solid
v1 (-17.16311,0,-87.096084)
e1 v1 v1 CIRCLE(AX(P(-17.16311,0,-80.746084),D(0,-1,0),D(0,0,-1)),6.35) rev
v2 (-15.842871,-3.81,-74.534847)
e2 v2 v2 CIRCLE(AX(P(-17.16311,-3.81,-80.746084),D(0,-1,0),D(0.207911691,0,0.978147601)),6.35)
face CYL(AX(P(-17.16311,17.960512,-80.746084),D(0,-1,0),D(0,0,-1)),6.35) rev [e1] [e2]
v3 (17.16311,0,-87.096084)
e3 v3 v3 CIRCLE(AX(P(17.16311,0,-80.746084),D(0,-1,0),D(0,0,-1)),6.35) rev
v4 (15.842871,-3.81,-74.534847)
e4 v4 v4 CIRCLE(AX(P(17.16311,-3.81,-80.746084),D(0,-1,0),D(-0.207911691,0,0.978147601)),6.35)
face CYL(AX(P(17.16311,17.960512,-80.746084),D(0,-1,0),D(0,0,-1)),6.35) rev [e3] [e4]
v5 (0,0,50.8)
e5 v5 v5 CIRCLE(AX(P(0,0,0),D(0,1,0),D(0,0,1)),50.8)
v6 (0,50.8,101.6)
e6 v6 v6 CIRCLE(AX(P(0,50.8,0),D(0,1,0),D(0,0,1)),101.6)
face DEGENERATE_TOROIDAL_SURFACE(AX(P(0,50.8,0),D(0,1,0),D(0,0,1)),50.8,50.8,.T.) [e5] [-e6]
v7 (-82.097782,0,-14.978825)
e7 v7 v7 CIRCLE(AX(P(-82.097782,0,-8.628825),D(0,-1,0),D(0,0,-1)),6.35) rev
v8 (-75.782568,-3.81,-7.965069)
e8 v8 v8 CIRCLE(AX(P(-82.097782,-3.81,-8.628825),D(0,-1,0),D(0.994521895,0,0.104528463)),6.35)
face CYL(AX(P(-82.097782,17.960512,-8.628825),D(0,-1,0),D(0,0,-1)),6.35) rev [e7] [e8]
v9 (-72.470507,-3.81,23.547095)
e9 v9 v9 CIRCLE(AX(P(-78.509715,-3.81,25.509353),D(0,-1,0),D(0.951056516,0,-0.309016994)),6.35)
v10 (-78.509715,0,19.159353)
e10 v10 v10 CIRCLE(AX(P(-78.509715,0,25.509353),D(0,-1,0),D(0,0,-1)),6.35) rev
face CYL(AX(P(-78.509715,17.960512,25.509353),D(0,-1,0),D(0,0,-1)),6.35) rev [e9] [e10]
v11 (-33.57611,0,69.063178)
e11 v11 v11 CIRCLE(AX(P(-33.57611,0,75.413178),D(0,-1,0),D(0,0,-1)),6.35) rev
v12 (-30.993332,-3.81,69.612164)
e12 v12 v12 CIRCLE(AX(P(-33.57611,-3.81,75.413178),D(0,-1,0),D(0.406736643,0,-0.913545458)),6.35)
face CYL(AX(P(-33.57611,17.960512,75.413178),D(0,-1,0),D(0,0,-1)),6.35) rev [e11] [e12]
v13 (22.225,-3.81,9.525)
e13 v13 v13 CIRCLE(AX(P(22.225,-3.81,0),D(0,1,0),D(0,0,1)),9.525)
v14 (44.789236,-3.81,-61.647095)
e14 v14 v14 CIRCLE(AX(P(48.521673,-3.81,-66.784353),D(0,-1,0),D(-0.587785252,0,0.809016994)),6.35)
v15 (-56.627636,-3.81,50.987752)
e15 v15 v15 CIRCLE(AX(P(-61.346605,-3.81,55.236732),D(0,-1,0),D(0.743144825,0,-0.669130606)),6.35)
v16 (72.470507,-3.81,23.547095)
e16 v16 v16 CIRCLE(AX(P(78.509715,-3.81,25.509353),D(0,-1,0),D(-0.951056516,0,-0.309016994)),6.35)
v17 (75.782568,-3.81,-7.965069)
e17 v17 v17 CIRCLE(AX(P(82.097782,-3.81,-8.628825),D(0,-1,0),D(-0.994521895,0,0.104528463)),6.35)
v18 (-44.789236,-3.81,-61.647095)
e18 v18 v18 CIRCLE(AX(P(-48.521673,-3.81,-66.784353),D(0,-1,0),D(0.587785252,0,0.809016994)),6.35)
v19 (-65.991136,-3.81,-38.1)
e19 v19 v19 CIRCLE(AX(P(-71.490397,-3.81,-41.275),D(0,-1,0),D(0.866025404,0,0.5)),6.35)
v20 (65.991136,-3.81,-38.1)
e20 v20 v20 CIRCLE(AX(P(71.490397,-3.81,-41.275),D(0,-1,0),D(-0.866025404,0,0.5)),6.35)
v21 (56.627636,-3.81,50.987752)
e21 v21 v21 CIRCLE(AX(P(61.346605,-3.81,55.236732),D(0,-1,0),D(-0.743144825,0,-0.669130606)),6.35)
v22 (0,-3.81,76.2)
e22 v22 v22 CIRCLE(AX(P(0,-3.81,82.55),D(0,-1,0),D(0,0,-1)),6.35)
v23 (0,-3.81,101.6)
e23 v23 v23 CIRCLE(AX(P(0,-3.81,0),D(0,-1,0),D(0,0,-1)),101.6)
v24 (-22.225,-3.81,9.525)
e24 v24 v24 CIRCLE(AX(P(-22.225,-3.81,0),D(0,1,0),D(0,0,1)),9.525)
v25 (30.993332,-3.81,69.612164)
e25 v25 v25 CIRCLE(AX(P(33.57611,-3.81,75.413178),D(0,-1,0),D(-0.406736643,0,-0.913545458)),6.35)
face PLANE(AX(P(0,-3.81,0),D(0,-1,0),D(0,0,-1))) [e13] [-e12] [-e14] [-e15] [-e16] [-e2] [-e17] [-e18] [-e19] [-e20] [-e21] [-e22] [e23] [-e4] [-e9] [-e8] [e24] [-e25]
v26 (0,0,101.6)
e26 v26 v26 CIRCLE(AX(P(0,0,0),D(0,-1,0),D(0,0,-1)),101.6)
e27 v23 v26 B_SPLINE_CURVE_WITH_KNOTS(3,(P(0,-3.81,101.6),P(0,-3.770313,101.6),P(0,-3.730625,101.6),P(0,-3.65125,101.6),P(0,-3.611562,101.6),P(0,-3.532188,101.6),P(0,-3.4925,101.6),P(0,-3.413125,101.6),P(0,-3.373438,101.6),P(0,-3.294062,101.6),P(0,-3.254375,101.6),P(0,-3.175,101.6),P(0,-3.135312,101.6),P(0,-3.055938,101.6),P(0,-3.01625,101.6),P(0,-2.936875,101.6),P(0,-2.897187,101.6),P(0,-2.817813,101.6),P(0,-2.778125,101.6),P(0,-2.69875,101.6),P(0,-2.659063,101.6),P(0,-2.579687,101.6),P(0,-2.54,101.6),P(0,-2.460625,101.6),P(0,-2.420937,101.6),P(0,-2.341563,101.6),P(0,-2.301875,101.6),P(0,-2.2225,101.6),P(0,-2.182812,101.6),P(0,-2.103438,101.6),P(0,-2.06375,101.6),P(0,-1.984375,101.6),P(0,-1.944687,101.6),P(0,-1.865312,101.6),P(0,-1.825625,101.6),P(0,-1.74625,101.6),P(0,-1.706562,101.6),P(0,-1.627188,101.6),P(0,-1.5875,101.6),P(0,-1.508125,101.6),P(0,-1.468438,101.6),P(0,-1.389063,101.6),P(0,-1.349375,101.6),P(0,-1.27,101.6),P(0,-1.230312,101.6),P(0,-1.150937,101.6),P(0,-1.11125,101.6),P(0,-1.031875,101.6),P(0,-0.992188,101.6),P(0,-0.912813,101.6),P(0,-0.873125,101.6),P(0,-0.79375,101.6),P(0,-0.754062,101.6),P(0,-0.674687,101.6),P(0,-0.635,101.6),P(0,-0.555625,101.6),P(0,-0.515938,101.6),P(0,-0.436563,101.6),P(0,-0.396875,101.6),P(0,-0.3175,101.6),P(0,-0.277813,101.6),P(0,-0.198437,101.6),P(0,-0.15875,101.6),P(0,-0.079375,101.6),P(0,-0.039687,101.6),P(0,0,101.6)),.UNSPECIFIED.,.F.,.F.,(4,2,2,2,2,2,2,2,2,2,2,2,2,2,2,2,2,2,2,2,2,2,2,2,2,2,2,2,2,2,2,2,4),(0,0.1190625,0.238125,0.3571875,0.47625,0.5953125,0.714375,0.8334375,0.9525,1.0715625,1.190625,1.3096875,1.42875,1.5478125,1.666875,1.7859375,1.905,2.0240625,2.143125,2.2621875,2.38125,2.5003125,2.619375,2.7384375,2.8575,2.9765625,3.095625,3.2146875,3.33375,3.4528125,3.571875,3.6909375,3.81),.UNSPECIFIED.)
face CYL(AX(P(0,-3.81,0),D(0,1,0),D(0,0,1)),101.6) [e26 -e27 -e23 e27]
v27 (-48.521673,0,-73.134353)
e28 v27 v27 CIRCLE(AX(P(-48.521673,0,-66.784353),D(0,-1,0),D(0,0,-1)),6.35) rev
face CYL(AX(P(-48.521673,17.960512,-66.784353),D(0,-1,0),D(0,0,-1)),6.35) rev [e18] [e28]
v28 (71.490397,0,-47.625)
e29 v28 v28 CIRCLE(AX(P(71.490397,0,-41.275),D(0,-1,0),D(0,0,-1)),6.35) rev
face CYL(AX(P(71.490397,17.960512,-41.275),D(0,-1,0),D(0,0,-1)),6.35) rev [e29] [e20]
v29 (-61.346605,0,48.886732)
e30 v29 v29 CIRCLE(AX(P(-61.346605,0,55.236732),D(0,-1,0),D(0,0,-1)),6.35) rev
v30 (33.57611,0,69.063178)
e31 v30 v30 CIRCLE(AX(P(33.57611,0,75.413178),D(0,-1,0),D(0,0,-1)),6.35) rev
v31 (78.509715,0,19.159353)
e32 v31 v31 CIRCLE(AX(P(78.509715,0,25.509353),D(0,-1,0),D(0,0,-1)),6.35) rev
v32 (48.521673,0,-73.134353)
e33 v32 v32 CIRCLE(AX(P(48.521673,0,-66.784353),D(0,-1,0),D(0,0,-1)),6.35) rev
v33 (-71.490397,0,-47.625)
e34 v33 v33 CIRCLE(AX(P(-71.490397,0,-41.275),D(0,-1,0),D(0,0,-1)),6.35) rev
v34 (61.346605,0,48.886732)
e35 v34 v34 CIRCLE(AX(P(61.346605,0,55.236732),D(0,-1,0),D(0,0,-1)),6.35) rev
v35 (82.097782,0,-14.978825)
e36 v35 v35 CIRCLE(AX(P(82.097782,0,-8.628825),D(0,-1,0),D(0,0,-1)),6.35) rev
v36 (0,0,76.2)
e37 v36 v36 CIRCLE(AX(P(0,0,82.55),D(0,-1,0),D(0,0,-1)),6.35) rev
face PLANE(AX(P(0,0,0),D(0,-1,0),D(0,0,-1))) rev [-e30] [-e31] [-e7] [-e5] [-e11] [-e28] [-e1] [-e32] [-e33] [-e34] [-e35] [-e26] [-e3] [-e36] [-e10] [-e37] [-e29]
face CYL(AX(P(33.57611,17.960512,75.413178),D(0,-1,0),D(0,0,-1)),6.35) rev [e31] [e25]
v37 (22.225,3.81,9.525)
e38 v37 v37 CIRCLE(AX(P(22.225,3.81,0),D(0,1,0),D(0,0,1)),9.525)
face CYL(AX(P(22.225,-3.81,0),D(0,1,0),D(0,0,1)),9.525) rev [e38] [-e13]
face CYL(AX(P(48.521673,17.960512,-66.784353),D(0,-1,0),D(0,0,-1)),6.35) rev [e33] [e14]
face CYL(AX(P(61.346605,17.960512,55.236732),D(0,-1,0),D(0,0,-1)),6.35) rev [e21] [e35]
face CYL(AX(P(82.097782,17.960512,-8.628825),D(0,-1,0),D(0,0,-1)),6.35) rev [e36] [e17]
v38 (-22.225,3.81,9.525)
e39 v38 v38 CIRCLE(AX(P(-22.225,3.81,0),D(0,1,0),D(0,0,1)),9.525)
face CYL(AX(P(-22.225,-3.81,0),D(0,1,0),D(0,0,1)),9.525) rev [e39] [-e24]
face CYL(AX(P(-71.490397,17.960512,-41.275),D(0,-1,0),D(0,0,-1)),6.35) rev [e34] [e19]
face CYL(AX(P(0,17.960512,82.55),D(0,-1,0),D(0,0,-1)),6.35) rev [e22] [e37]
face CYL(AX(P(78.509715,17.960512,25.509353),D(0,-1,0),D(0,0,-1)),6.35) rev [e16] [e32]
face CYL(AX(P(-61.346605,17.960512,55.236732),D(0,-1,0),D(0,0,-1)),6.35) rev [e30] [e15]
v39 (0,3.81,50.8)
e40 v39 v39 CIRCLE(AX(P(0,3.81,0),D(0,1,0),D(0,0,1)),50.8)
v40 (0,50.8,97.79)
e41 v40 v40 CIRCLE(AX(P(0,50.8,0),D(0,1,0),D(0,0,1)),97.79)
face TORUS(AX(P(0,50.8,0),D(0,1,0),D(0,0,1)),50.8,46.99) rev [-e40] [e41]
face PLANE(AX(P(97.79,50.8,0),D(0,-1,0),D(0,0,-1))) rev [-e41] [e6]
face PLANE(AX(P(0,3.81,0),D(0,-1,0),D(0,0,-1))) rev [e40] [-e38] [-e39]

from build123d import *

# Parameters (mm, degrees)
SKETCH2_R           = 101.6
BOSS_EXTRUDE1_DEPTH = 3.81
SKETCH3_R           = 6.35
CUT_EXTRUDE1_DEPTH  = 3.81
CIRPATTERN1_COUNT   = 15
SKETCH5_R           = 9.525
CUT_EXTRUDE3_DEPTH  = 152.172683214


with BuildPart() as part:
    # Sketch1 → Revolve1 (revolve)
    with BuildSketch(Plane.XY, mode=Mode.PRIVATE) as revolve1_sk:
        with BuildLine():
            Line((0, 0), (50.8, 0))
            ThreePointArc((50.8, 0), (86.721024484, 14.878975516), (101.6, 50.8))
            Line((101.6, 50.8), (97.79, 50.8))
            ThreePointArc((97.79, 50.8), (84.026947648, 17.573052352), (50.8, 3.81))
            Line((50.8, 3.81), (0, 3.81))
            Line((0, 3.81), (0, 0))
        make_face()
    revolve(revolve1_sk.sketch.rotate(Axis((0, 25.4, 0), (0, -1, 0)), 90), axis=Axis((0, 25.4, 0), (0, -1, 0)))

    # Sketch2 → Boss-Extrude1 (add)
    with BuildSketch(Plane.XZ):
        with Locations(Location((0, 0, 0), (0, 0, 90))):
            Circle(SKETCH2_R)
    extrude(amount=BOSS_EXTRUDE1_DEPTH)

    # Sketch3 → Cut-Extrude1 (cut)
    with BuildSketch(Plane.XZ.offset(3.81)):
        with Locations(Location((0, 82.55, 0), (0, 0, 270))):
            Circle(SKETCH3_R)
    cut_extrude1 = extrude(amount=-CUT_EXTRUDE1_DEPTH, mode=Mode.SUBTRACT)

    # CirPattern1: Cut-Extrude1 ×15 about axis
    cirpattern1_axis = Axis((0, 0, 0), (0, 1, 0))
    for i in range(1, CIRPATTERN1_COUNT):
        add(cut_extrude1.rotate(cirpattern1_axis, i * 360 / CIRPATTERN1_COUNT), mode=Mode.SUBTRACT)

    # Sketch5 → Cut-Extrude3 (cut, through all)
    with BuildSketch(Plane(origin=(0, 3.81, 0), x_dir=(1, 0, 0), z_dir=(0, 1, 0))):
        with Locations(Location((22.225, 0, 0), (0, 0, 270))):
            Circle(SKETCH5_R)
        with Locations(Location((-22.225, 0, 0), (0, 0, 270))):
            Circle(SKETCH5_R)
    extrude(amount=-CUT_EXTRUDE3_DEPTH, mode=Mode.SUBTRACT)


solid = part.part
